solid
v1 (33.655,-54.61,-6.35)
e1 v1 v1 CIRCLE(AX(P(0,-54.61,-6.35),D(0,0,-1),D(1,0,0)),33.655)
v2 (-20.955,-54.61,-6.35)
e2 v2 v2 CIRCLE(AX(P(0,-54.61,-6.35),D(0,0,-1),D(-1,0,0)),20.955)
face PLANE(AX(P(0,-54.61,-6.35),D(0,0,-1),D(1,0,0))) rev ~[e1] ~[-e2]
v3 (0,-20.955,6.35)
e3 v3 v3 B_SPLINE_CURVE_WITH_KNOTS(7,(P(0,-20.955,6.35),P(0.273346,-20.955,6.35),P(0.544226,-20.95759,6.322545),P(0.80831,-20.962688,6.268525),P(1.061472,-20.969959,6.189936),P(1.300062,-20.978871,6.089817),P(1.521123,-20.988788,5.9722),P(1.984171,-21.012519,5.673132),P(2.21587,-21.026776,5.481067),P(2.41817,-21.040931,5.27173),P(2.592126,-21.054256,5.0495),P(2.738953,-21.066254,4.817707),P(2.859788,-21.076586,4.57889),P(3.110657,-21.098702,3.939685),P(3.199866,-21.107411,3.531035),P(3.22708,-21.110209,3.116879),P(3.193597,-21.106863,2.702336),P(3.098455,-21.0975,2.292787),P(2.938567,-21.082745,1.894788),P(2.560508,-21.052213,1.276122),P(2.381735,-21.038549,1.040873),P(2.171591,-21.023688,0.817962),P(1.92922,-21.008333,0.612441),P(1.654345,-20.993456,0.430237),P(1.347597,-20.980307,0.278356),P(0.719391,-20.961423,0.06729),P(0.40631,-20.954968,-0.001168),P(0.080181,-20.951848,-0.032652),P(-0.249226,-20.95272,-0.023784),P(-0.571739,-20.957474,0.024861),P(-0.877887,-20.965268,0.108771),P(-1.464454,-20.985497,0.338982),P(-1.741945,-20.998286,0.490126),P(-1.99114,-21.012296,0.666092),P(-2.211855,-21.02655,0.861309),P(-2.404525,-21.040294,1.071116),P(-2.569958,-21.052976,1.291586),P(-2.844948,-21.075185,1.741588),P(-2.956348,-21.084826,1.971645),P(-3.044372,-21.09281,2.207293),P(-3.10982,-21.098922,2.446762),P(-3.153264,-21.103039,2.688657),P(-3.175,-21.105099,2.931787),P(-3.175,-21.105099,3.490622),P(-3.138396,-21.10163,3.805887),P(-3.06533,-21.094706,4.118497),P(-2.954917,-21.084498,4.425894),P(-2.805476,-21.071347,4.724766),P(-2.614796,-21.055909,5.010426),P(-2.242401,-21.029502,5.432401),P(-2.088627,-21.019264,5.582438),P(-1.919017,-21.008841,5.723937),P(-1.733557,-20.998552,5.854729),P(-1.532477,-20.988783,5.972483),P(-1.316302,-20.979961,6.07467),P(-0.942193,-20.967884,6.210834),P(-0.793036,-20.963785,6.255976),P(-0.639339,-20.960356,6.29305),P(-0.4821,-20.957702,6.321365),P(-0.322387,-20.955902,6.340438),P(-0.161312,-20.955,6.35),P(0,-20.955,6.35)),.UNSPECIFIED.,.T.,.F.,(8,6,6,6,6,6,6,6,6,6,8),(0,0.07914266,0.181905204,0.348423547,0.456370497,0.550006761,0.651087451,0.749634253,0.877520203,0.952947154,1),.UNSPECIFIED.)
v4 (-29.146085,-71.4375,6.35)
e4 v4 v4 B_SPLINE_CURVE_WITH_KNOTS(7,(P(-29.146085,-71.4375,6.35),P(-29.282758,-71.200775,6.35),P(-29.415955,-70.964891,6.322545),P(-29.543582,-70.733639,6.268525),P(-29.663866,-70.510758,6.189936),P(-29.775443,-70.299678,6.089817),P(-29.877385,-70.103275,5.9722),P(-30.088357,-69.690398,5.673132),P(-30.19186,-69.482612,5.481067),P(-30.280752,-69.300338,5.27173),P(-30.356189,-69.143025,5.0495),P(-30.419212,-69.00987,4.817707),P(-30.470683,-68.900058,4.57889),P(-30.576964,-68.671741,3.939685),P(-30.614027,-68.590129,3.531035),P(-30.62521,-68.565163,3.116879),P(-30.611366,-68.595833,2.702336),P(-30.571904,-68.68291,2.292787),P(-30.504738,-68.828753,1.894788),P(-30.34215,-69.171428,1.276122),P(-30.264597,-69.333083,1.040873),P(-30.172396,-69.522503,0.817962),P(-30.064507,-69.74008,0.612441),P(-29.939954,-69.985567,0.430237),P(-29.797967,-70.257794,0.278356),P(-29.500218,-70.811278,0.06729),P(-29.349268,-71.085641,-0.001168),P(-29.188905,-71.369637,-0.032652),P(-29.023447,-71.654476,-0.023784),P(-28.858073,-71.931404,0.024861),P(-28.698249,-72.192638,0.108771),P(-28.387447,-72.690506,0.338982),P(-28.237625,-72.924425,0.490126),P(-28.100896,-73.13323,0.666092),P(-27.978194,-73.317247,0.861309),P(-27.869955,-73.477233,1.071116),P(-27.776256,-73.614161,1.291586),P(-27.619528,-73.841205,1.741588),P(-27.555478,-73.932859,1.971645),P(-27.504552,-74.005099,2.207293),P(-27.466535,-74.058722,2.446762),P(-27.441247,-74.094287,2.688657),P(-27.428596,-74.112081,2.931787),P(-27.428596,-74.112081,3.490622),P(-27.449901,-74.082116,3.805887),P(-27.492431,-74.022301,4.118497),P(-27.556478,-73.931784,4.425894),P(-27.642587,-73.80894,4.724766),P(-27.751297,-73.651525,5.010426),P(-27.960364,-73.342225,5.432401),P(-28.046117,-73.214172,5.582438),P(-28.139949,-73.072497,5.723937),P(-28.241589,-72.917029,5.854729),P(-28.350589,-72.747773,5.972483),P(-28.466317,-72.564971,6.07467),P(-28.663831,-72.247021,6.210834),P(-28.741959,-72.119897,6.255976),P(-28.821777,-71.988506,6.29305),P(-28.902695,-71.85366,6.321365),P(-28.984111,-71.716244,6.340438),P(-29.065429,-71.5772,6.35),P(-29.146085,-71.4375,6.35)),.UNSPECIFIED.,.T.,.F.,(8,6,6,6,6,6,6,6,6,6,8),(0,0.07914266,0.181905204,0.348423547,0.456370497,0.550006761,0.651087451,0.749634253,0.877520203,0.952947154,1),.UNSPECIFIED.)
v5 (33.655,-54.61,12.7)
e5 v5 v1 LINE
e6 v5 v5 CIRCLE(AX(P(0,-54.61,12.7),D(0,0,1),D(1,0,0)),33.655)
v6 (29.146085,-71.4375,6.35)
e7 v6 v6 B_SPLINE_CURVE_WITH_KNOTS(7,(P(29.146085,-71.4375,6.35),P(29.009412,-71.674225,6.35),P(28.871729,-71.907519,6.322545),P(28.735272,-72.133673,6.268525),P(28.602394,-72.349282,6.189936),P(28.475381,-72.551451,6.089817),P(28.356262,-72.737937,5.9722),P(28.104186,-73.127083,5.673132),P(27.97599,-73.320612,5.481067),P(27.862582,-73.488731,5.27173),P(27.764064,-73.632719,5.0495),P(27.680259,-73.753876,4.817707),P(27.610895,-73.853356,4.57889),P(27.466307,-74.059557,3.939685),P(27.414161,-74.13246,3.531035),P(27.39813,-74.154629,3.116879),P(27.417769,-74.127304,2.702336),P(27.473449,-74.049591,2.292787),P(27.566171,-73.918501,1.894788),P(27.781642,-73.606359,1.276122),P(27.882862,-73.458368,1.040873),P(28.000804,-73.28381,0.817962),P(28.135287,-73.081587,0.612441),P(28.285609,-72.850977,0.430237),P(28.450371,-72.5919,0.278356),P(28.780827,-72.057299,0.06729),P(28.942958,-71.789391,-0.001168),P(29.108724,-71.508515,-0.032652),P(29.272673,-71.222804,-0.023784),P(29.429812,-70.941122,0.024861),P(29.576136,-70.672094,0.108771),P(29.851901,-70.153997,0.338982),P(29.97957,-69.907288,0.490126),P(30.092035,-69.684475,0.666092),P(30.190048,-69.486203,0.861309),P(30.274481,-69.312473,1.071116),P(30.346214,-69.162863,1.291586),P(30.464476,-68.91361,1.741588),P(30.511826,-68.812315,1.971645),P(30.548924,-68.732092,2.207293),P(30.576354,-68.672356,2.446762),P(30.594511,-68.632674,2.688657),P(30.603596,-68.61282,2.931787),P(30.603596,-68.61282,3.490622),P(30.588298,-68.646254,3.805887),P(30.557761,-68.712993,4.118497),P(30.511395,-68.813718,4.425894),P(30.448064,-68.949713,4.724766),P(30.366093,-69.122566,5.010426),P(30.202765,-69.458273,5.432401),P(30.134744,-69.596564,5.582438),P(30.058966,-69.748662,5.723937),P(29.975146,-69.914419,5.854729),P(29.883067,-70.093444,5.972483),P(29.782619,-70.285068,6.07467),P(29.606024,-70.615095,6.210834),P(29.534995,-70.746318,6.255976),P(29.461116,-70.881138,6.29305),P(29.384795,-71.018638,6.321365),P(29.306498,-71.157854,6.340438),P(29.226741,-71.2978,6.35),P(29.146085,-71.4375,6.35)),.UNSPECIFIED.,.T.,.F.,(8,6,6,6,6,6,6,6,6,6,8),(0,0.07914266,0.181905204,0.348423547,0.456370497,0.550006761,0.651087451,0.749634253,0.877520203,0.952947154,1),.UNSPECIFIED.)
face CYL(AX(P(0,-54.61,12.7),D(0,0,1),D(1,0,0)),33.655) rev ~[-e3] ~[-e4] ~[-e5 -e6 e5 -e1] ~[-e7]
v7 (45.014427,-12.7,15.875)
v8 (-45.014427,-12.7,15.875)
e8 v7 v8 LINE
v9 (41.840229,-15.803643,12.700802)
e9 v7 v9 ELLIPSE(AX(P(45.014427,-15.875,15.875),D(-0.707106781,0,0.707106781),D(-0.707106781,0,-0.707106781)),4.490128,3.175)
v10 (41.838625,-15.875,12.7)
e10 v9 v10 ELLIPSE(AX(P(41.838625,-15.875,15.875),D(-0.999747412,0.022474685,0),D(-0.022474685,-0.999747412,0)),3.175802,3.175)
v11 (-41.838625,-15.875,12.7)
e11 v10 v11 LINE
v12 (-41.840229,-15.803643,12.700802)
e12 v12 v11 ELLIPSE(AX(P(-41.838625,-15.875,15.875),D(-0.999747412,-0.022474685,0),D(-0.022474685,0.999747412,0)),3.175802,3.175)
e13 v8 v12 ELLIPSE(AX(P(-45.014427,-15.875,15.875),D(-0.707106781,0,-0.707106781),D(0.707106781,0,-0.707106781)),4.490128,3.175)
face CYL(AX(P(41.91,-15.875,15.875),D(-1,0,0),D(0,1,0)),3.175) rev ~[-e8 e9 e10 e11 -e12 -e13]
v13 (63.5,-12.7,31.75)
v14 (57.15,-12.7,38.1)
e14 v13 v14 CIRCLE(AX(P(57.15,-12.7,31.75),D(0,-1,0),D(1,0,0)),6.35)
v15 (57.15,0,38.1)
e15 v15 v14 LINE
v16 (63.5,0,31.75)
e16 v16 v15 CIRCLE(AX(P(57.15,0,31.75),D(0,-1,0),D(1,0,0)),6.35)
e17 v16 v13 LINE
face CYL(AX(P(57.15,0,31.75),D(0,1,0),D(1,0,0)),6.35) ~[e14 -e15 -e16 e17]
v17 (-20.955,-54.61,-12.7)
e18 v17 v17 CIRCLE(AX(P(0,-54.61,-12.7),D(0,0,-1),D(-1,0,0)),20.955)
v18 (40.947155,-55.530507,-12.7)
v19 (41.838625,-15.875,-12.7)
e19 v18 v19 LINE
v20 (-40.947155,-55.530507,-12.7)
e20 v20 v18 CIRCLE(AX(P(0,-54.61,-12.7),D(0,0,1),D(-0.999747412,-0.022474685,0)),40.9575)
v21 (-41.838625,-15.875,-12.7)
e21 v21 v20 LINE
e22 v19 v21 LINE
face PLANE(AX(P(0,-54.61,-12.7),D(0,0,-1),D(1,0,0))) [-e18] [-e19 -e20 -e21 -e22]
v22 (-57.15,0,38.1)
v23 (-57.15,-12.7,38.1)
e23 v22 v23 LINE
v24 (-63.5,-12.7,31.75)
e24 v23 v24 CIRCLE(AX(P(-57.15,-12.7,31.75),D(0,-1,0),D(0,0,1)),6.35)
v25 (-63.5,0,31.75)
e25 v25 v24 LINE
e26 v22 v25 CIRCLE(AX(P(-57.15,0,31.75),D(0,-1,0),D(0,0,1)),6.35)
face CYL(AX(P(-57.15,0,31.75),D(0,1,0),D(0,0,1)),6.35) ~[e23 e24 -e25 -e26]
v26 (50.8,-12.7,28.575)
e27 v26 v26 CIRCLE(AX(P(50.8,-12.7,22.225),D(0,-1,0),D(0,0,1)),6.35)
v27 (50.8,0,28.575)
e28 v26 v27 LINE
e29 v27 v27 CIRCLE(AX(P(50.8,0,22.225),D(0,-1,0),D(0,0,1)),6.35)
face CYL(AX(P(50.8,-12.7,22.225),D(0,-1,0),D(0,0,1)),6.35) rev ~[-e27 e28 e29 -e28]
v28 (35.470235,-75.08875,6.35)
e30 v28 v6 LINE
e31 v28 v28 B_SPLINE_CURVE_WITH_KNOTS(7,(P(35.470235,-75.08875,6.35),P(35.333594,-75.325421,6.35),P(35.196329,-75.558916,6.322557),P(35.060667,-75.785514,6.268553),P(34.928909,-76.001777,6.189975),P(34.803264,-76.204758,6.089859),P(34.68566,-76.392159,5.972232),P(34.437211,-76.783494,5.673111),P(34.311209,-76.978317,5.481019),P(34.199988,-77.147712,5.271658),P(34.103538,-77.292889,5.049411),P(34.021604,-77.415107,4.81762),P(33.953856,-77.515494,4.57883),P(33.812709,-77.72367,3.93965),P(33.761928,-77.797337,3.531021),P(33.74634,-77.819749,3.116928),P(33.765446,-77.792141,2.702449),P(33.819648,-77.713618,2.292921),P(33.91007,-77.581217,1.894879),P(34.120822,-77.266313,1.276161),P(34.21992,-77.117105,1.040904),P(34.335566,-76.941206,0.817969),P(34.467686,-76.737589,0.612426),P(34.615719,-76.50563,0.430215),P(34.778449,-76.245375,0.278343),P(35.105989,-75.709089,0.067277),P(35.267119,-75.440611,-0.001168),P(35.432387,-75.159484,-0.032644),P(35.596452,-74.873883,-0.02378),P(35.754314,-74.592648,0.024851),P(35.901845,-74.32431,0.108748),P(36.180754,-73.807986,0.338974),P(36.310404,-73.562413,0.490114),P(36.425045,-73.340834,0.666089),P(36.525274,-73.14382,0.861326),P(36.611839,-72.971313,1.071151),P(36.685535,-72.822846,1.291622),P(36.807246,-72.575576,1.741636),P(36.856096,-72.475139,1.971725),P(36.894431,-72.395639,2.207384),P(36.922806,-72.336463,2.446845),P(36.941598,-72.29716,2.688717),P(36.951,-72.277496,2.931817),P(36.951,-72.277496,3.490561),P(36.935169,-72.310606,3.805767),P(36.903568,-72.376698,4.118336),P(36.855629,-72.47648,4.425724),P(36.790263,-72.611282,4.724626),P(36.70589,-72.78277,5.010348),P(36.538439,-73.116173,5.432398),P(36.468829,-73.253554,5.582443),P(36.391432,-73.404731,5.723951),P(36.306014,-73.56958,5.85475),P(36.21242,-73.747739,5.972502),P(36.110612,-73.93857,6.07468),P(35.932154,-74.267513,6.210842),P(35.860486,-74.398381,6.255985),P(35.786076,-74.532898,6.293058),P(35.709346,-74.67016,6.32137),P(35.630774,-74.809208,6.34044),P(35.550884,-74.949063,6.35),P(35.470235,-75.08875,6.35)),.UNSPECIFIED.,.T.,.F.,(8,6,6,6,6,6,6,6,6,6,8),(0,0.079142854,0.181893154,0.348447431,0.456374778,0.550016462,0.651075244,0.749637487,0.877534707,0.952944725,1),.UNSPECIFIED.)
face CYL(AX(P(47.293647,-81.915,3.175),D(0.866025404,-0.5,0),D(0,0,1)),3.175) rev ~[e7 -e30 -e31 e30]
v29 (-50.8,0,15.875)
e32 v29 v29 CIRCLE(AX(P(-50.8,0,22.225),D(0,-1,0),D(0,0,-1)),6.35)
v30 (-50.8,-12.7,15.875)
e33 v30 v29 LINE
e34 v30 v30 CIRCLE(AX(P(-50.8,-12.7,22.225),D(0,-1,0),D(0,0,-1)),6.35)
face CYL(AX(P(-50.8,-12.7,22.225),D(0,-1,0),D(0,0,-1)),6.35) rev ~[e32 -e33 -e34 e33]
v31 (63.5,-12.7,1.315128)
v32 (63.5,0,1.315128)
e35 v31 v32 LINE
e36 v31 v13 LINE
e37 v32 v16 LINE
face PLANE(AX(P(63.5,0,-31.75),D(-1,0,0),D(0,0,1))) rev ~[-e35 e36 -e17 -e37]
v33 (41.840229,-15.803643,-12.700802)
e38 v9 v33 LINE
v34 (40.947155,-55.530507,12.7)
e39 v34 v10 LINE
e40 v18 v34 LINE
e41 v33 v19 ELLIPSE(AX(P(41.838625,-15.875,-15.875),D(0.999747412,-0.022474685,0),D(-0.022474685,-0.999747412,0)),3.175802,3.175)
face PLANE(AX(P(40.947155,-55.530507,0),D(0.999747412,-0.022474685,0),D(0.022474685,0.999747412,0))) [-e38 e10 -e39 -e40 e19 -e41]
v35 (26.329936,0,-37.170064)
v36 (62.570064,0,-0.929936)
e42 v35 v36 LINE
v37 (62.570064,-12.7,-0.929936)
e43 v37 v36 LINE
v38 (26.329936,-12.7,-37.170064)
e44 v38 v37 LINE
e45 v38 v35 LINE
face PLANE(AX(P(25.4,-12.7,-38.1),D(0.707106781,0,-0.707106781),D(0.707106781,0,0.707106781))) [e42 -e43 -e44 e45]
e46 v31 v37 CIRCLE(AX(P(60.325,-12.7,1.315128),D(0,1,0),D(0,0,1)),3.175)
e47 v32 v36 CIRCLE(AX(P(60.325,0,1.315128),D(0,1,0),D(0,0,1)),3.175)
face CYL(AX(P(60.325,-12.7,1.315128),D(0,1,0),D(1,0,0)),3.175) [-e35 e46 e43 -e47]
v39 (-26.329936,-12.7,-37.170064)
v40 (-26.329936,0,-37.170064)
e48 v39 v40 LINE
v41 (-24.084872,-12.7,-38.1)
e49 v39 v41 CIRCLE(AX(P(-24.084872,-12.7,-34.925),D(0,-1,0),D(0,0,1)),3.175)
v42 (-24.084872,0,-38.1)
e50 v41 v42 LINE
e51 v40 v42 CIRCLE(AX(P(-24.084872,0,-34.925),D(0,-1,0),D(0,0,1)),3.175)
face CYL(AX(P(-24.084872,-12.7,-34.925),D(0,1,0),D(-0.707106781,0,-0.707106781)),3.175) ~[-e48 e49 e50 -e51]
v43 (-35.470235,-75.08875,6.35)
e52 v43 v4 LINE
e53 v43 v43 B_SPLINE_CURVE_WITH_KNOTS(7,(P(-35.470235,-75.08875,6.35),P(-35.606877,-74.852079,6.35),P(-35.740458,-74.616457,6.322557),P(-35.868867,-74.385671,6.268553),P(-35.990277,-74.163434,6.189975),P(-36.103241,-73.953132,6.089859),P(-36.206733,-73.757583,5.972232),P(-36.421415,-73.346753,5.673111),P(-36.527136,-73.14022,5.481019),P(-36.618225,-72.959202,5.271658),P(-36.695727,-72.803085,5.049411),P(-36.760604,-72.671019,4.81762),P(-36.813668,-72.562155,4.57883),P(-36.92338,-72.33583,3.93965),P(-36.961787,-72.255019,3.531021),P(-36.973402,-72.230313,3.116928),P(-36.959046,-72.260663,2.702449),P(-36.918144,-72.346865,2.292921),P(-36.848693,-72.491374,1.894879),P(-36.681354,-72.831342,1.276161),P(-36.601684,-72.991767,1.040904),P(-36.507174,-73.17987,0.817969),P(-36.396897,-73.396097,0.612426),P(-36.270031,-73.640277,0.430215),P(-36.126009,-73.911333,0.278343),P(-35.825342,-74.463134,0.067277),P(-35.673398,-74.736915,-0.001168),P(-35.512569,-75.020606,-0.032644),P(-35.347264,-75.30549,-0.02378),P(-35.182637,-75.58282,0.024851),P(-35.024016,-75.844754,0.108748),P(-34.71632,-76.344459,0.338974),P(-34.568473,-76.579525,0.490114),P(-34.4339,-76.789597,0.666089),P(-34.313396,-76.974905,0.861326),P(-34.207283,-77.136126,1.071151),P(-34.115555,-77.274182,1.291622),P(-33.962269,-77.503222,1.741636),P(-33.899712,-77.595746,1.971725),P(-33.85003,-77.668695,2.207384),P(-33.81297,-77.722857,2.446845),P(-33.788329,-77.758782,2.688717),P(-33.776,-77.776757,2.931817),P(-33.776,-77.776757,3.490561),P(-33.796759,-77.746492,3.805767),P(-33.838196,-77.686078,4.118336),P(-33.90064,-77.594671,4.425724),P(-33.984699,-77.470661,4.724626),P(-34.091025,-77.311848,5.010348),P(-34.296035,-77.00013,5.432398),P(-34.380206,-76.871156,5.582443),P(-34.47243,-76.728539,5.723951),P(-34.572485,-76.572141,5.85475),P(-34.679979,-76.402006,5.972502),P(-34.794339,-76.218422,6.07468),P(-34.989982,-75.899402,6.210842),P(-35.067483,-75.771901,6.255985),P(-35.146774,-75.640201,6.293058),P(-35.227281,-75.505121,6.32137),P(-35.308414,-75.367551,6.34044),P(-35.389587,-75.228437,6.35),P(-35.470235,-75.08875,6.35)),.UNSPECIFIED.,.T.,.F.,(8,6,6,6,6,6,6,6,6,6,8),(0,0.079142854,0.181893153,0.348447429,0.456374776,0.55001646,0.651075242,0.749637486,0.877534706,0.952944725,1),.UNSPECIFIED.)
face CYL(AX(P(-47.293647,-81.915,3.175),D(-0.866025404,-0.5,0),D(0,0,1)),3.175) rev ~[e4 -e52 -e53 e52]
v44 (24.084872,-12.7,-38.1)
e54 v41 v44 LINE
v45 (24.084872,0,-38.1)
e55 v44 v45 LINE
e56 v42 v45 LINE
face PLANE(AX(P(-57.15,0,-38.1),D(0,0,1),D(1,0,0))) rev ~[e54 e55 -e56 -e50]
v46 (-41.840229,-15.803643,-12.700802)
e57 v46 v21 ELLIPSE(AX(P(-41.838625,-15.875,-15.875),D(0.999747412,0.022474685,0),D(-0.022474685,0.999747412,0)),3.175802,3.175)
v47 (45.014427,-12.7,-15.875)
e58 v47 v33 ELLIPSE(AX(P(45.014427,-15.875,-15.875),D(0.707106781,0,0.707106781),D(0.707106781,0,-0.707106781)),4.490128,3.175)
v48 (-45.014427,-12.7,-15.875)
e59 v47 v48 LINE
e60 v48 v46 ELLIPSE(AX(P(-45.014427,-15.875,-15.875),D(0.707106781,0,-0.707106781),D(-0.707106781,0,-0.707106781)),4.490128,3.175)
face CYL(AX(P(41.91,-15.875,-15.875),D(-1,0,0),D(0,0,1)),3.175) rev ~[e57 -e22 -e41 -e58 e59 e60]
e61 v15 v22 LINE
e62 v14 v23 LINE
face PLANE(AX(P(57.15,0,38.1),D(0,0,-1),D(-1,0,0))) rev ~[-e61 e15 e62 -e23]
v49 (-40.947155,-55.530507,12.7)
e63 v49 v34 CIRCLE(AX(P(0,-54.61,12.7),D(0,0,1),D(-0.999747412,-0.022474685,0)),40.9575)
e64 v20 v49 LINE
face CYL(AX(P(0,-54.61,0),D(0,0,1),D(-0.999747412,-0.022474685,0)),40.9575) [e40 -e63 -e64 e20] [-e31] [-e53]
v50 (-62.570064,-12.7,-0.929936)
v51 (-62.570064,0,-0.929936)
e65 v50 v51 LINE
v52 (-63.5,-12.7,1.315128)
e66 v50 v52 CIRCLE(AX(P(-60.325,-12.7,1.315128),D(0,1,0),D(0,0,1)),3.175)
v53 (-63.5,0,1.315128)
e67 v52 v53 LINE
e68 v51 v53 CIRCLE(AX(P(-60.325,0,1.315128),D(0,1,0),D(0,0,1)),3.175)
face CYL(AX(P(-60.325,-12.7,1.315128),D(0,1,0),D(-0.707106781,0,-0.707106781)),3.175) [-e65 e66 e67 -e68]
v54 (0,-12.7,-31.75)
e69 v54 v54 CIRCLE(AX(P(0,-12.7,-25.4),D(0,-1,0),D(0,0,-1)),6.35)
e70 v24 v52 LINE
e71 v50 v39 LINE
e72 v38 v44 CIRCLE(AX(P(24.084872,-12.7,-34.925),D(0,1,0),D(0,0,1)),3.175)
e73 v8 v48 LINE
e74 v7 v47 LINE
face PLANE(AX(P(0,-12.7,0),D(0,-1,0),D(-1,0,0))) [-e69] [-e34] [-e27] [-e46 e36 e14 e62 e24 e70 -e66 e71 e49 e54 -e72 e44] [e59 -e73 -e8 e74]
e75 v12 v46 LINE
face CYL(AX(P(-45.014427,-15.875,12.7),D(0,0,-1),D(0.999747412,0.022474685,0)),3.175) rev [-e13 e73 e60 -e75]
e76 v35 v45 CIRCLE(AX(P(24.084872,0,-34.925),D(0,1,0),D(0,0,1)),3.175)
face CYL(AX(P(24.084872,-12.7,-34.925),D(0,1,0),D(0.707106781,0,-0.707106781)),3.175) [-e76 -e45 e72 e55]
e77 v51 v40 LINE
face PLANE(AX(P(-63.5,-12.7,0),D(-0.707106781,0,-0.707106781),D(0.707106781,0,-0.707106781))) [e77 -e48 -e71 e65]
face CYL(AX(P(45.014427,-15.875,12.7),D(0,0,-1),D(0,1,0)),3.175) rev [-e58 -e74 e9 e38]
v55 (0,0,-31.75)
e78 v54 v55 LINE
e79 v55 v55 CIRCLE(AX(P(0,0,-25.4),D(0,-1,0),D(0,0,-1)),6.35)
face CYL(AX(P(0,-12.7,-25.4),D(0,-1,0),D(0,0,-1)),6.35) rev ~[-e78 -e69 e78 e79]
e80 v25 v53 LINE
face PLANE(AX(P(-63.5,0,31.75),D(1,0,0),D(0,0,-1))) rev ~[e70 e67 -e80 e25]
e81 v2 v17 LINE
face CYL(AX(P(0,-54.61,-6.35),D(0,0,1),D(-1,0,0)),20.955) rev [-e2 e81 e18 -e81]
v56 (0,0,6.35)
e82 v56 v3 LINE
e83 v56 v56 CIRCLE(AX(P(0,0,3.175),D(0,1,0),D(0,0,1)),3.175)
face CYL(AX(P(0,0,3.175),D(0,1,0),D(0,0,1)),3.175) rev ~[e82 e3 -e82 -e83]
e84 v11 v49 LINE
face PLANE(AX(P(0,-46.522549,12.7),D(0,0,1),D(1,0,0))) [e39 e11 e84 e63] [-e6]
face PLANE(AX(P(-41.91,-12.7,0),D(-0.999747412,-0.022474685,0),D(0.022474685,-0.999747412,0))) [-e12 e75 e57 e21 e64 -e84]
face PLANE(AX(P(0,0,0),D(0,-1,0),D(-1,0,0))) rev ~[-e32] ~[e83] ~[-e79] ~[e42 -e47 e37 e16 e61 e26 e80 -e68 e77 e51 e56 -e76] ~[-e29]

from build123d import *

# Parameters (mm, degrees)
BOSS_EXTRUDE1_DEPTH     = 12.7
SKETCH3_R               = 6.35
CUT_EXTRUDE1_DEPTH      = 76.134213245
BOSS_EXTRUDE2_DEPTH     = 12.7
SKETCH5_R               = 33.655
CUT_EXTRUDE2_DEPTH      = 126.483214241
BOSS_EXTRUDE3_START     = -6.35
SKETCH6_R               = 33.655
SKETCH6_R_2             = 20.955
BOSS_EXTRUDE3_DEPTH     = 6.35
CUT_EXTRUDE3_REACH      = 122.901
CUT_EXTRUDE3_END_RADIUS = 33.655
SKETCH7_R               = 3.175
CIRPATTERN1_COUNT       = 3
CUT_EXTRUDE4_DEPTH      = 112.134524666
FILLET1_R               = 3.175


with BuildPart() as part:
    # Sketch1 → Boss-Extrude1 (new body)
    with BuildSketch(Plane(origin=(0, 0, 0), x_dir=(1, 0, 0), z_dir=(0, 1, 0))):
        with BuildLine():
            Line((-57.15, 38.1), (57.15, 38.1))
            ThreePointArc((57.15, 38.1), (61.640128061, 36.240128061), (63.5, 31.75))
            Line((63.5, 31.75), (63.5, -31.75))
            ThreePointArc((63.5, -31.75), (61.640128061, -36.240128061), (57.15, -38.1))
            Line((57.15, -38.1), (-57.15, -38.1))
            ThreePointArc((-57.15, -38.1), (-61.640128061, -36.240128061), (-63.5, -31.75))
            Line((-63.5, -31.75), (-63.5, 31.75))
            ThreePointArc((-63.5, 31.75), (-61.640128061, 36.240128061), (-57.15, 38.1))
        make_face()
    extrude(amount=-BOSS_EXTRUDE1_DEPTH)

    # Sketch3 → Cut-Extrude1 (cut, through all)
    with BuildSketch(Plane.XZ.offset(12.7)):
        with Locations(Location((-50.8, 22.225, 0), (0, 0, 270))):
            Circle(SKETCH3_R)
        with Locations(Location((50.8, 22.225, 0), (0, 0, 90))):
            Circle(SKETCH3_R)
        with Locations(Location((0, -25.4, 0), (0, 0, 270))):
            Circle(SKETCH3_R)
    extrude(amount=-CUT_EXTRUDE1_DEPTH, mode=Mode.SUBTRACT)

    # Sketch2 → Boss-Extrude2 (add, symmetric)
    with BuildSketch(Plane.XY):
        with BuildLine():
            Line((-41.91, -12.7), (-40.947154642, -55.530506915))
            ThreePointArc((-40.947154642, -55.530506915), (0, -95.5675), (40.947154642, -55.530506915))
            Line((40.947154642, -55.530506915), (41.91, -12.7))
            Line((41.91, -12.7), (-41.91, -12.7))
        make_face()
    extrude(amount=BOSS_EXTRUDE2_DEPTH, both=True)

    # Sketch5 → Cut-Extrude2 (cut, through all)
    with BuildSketch(Plane.XY.offset(12.7)):
        with Locations((0, -54.61)):
            Circle(SKETCH5_R)
    extrude(amount=-CUT_EXTRUDE2_DEPTH, mode=Mode.SUBTRACT)

    # Sketch6 → Boss-Extrude3 (add)
    with BuildSketch(Plane(origin=(0, 0, -12.7), x_dir=(-1, 0, 0), z_dir=(0, 0, -1)).offset(BOSS_EXTRUDE3_START)):
        with Locations(Location((0, -54.61, 0), (0, 0, 180))):
            Circle(SKETCH6_R)
        with Locations((0, -54.61)):
            Circle(SKETCH6_R_2, mode=Mode.SUBTRACT)
    extrude(amount=BOSS_EXTRUDE3_DEPTH)

    # Cut-Extrude3: up to this cylinder (the profile starts outside it)
    cut_extrude3_end = Plane(origin=(0, -54.61, 3.175), z_dir=(0, 0, 1)) * Cylinder(CUT_EXTRUDE3_END_RADIUS, 314.112, mode=Mode.PRIVATE)
    # Sketch7 → Cut-Extrude3 (cut, up to the surface)
    with BuildSketch(Plane(origin=(0, 0, 0), x_dir=(1, 0, 0), z_dir=(0, 1, 0)), mode=Mode.PRIVATE) as cut_extrude3_sk1:
        with Locations(Location((0, -3.175, 0), (0, 0, 270))):
            Circle(SKETCH7_R)
    cut_extrude3_tool1 = extrude(cut_extrude3_sk1.sketch, amount=-CUT_EXTRUDE3_REACH, mode=Mode.PRIVATE) - cut_extrude3_end
    cut_extrude3 = cut_extrude3_tool1.solids().sort_by_distance((0, 0, 3.175))[0]
    add(cut_extrude3, mode=Mode.SUBTRACT)

    # CirPattern1: Cut-Extrude3 ×3 about axis
    cirpattern1_axis = Axis((0, -54.61, 12.7), (0, 0, 1))
    for i in range(1, CIRPATTERN1_COUNT):
        add(cut_extrude3.rotate(cirpattern1_axis, i * 360 / CIRPATTERN1_COUNT), mode=Mode.SUBTRACT)

    # Sketch8 → Cut-Extrude4 (cut, through all)
    with BuildSketch(Plane.XZ.offset(12.7)):
        with BuildLine():
            Line((-63.5, 0), (-25.4, -38.1))
            Line((-25.4, -38.1), (-57.15, -38.1))
            ThreePointArc((-57.15, -38.1), (-61.640128061, -36.240128061), (-63.5, -31.75))
            Line((-63.5, -31.75), (-63.5, 0))
        make_face()
        with BuildLine():
            Line((57.15, -38.1), (25.4, -38.1))
            Line((25.4, -38.1), (63.5, 0))
            Line((63.5, 0), (63.5, -31.75))
            ThreePointArc((63.5, -31.75), (61.640128061, -36.240128061), (57.15, -38.1))
        make_face()
    extrude(amount=-CUT_EXTRUDE4_DEPTH, mode=Mode.SUBTRACT)

    # Fillet1
    fillet1_edges = [part.edges().sort_by_distance(p)[0] for p in [
        (0, -12.7, -12.7),
        (41.91, -12.7, 0),
        (-41.91, -12.7, 0),
        (0, -12.7, 12.7),
        (-63.5, -6.35, 0),
        (-25.4, -6.35, -38.1),
        (25.4, -6.35, -38.1),
        (63.5, -6.35, 0),
    ]]
    fillet(fillet1_edges, radius=FILLET1_R)


solid = part.part
